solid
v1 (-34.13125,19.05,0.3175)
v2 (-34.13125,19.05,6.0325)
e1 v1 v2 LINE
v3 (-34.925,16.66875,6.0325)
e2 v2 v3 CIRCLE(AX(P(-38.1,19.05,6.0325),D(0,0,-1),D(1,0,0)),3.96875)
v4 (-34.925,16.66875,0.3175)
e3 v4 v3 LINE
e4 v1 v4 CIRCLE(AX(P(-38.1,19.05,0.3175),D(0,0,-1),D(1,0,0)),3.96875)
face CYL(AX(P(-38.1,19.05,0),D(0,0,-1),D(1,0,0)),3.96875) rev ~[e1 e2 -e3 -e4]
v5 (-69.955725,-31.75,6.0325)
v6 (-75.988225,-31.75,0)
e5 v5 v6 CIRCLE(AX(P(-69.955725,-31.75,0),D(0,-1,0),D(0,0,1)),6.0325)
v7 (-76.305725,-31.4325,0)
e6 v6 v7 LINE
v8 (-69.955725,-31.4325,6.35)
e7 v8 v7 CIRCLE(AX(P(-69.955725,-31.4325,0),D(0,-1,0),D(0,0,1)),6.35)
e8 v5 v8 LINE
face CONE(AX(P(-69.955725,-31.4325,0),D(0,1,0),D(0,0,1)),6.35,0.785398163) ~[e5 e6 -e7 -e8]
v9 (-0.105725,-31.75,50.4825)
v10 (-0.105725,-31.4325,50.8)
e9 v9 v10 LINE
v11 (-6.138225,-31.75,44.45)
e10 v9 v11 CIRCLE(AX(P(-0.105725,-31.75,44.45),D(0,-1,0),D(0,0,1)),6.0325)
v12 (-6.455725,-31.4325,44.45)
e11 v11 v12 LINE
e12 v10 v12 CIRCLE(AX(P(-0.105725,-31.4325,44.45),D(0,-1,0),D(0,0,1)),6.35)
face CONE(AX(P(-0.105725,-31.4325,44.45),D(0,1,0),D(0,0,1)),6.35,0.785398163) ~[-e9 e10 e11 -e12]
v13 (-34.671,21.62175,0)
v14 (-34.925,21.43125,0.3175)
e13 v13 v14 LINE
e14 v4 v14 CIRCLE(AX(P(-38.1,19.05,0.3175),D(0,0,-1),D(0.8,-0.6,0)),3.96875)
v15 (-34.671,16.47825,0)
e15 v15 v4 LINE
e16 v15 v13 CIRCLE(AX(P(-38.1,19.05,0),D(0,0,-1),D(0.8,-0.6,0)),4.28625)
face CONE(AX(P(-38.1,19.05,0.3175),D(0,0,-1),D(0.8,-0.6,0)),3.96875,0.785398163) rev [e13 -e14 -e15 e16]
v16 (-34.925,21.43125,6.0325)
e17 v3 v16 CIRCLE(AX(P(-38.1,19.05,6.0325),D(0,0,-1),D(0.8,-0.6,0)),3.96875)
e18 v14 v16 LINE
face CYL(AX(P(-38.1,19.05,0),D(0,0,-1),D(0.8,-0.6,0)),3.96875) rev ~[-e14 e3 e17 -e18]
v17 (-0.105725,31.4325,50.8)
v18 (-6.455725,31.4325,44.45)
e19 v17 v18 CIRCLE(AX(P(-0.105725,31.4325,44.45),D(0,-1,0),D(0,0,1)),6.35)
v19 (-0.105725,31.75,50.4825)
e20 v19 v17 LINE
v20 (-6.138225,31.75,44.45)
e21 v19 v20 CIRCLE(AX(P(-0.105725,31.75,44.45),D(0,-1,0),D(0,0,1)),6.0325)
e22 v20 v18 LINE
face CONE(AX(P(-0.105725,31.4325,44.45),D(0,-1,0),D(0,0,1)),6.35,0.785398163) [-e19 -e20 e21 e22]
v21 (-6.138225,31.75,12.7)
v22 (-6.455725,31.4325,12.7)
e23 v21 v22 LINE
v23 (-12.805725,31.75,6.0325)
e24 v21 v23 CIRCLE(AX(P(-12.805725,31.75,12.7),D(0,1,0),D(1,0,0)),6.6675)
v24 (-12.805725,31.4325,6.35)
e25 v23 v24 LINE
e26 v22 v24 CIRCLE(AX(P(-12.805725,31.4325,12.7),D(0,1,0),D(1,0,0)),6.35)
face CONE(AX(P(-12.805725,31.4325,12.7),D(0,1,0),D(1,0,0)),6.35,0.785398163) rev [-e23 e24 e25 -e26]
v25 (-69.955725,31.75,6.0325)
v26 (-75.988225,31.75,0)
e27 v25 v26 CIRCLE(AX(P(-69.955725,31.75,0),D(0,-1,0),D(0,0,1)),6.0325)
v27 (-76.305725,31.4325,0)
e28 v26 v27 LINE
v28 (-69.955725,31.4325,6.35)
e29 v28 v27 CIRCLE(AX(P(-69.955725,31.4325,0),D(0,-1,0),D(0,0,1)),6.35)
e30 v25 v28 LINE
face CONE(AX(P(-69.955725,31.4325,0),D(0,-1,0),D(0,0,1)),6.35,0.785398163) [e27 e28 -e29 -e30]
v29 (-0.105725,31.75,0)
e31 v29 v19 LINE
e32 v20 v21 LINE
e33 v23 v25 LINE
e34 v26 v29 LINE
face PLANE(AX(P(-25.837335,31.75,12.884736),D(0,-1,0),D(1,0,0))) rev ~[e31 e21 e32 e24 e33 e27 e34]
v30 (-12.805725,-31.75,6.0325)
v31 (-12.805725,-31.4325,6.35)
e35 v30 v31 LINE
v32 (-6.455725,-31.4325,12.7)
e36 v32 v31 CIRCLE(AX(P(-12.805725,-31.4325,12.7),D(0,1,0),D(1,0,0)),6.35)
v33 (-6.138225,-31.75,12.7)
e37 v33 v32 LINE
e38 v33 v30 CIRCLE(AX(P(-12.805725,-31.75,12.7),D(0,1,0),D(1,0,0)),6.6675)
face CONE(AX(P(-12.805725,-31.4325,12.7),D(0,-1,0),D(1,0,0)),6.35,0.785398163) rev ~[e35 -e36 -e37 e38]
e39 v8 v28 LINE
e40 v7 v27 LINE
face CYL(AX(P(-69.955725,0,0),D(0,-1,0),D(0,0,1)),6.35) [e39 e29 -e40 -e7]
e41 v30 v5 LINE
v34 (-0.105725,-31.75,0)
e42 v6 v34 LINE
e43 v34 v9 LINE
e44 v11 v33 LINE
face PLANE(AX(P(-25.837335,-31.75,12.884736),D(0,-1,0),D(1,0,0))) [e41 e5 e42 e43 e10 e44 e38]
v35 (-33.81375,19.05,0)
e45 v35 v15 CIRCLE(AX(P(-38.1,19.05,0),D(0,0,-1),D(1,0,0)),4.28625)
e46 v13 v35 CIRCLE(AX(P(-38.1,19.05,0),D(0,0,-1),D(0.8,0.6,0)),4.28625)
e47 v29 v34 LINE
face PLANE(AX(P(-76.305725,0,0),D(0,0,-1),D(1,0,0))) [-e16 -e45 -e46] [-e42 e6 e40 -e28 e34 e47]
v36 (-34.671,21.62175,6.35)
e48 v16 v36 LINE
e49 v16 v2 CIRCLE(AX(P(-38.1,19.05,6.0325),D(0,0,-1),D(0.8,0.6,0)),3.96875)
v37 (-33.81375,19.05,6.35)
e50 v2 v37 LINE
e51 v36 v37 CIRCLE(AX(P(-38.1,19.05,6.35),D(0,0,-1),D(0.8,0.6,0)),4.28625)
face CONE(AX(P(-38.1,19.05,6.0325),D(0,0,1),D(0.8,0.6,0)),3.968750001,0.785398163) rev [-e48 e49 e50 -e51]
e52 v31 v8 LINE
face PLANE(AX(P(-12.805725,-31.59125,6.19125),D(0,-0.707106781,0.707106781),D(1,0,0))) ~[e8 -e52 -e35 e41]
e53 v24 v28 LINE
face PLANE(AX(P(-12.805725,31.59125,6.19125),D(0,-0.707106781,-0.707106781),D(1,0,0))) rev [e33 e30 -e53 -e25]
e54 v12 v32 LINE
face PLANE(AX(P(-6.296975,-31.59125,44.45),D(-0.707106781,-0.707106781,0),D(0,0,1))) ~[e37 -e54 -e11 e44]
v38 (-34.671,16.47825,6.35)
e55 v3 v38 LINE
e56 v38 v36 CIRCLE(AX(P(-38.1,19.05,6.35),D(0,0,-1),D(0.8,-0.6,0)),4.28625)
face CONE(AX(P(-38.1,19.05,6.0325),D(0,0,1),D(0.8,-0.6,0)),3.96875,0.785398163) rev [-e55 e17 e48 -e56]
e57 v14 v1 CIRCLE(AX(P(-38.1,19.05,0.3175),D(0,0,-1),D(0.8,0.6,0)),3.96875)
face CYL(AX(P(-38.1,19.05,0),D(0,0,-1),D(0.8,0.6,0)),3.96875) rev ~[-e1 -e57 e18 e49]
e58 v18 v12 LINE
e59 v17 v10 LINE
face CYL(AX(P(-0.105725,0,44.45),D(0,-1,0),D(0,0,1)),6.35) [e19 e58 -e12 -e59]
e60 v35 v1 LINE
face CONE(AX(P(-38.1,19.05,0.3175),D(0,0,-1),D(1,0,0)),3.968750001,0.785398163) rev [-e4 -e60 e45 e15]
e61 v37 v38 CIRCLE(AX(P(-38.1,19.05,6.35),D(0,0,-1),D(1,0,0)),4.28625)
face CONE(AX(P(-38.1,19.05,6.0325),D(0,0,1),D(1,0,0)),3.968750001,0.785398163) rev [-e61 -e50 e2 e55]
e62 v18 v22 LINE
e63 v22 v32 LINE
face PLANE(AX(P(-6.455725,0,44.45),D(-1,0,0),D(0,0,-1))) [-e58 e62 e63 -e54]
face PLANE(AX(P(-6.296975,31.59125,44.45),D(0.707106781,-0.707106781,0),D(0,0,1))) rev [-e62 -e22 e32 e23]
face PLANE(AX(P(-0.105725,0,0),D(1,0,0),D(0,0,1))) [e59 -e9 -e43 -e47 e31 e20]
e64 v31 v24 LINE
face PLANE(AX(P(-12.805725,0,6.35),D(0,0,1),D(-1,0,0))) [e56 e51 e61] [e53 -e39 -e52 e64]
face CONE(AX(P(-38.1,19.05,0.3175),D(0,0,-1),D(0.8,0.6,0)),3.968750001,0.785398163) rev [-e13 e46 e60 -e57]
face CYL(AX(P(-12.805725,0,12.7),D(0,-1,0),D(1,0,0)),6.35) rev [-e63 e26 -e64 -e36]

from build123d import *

# Parameters (mm, degrees)
F1_DEPTH = 31.75
F3_DEPTH = 25.4
F4_SIZE  = 0.3175


with BuildPart() as f1:
    # F0 (on Front) → F1 (new body, symmetric)
    with BuildSketch(Plane.XZ):
        with BuildLine():
            Line((-76.3057246804, 0), (-0.1057246804, 0))
            Line((-0.1057246804, 0), (-0.1057246804, 50.8))
            ThreePointArc((-0.1057246804, 50.8), (-4.595852741, 48.9401280605), (-6.4557246804, 44.45))
            Line((-6.4557246804, 44.45), (-6.4557246804, 12.7))
            ThreePointArc((-6.4557246804, 12.7), (-8.3155966199, 8.2098719395), (-12.8057246804, 6.35))
            Line((-12.8057246804, 6.35), (-69.9557246804, 6.35))
            ThreePointArc((-69.9557246804, 6.35), (-74.445852741, 4.4901280605), (-76.3057246804, 0))
        make_face()
    extrude(amount=F1_DEPTH, both=True)

    # F2 (on face) → F3 (cut)
    with BuildSketch(Plane(origin=(0, 0, 0), x_dir=(1, 0, 0), z_dir=(0, 0, -1))):
        with BuildLine():
            ThreePointArc((-34.925, -16.66875), (-42.06875, -19.05), (-34.925, -21.43125))
            Line((-34.925, -21.43125), (-34.925, -19.05))
            Line((-34.925, -19.05), (-34.925, -16.66875))
        make_face()
        with BuildLine():
            Line((-34.925, -19.05), (-34.925, -21.43125))
            ThreePointArc((-34.925, -21.43125), (-34.3349131609, -20.3050289464), (-34.13125, -19.05))
            ThreePointArc((-34.13125, -19.05), (-34.3349131609, -17.7949710536), (-34.925, -16.66875))
            Line((-34.925, -16.66875), (-34.925, -19.05))
        make_face()
    extrude(amount=-F3_DEPTH, mode=Mode.SUBTRACT)

    # F4
    f4_edges = [f1.edges().sort_by_distance(p)[0] for p in [
        (-41.275, 16.66875, 6.35),
        (-41.380725, 31.75, 6.35),
        (-41.380725, -31.75, 6.35),
        (-41.275, 16.66875, 0),
    ]]
    chamfer(f4_edges, length=F4_SIZE)


solid = f1.part
